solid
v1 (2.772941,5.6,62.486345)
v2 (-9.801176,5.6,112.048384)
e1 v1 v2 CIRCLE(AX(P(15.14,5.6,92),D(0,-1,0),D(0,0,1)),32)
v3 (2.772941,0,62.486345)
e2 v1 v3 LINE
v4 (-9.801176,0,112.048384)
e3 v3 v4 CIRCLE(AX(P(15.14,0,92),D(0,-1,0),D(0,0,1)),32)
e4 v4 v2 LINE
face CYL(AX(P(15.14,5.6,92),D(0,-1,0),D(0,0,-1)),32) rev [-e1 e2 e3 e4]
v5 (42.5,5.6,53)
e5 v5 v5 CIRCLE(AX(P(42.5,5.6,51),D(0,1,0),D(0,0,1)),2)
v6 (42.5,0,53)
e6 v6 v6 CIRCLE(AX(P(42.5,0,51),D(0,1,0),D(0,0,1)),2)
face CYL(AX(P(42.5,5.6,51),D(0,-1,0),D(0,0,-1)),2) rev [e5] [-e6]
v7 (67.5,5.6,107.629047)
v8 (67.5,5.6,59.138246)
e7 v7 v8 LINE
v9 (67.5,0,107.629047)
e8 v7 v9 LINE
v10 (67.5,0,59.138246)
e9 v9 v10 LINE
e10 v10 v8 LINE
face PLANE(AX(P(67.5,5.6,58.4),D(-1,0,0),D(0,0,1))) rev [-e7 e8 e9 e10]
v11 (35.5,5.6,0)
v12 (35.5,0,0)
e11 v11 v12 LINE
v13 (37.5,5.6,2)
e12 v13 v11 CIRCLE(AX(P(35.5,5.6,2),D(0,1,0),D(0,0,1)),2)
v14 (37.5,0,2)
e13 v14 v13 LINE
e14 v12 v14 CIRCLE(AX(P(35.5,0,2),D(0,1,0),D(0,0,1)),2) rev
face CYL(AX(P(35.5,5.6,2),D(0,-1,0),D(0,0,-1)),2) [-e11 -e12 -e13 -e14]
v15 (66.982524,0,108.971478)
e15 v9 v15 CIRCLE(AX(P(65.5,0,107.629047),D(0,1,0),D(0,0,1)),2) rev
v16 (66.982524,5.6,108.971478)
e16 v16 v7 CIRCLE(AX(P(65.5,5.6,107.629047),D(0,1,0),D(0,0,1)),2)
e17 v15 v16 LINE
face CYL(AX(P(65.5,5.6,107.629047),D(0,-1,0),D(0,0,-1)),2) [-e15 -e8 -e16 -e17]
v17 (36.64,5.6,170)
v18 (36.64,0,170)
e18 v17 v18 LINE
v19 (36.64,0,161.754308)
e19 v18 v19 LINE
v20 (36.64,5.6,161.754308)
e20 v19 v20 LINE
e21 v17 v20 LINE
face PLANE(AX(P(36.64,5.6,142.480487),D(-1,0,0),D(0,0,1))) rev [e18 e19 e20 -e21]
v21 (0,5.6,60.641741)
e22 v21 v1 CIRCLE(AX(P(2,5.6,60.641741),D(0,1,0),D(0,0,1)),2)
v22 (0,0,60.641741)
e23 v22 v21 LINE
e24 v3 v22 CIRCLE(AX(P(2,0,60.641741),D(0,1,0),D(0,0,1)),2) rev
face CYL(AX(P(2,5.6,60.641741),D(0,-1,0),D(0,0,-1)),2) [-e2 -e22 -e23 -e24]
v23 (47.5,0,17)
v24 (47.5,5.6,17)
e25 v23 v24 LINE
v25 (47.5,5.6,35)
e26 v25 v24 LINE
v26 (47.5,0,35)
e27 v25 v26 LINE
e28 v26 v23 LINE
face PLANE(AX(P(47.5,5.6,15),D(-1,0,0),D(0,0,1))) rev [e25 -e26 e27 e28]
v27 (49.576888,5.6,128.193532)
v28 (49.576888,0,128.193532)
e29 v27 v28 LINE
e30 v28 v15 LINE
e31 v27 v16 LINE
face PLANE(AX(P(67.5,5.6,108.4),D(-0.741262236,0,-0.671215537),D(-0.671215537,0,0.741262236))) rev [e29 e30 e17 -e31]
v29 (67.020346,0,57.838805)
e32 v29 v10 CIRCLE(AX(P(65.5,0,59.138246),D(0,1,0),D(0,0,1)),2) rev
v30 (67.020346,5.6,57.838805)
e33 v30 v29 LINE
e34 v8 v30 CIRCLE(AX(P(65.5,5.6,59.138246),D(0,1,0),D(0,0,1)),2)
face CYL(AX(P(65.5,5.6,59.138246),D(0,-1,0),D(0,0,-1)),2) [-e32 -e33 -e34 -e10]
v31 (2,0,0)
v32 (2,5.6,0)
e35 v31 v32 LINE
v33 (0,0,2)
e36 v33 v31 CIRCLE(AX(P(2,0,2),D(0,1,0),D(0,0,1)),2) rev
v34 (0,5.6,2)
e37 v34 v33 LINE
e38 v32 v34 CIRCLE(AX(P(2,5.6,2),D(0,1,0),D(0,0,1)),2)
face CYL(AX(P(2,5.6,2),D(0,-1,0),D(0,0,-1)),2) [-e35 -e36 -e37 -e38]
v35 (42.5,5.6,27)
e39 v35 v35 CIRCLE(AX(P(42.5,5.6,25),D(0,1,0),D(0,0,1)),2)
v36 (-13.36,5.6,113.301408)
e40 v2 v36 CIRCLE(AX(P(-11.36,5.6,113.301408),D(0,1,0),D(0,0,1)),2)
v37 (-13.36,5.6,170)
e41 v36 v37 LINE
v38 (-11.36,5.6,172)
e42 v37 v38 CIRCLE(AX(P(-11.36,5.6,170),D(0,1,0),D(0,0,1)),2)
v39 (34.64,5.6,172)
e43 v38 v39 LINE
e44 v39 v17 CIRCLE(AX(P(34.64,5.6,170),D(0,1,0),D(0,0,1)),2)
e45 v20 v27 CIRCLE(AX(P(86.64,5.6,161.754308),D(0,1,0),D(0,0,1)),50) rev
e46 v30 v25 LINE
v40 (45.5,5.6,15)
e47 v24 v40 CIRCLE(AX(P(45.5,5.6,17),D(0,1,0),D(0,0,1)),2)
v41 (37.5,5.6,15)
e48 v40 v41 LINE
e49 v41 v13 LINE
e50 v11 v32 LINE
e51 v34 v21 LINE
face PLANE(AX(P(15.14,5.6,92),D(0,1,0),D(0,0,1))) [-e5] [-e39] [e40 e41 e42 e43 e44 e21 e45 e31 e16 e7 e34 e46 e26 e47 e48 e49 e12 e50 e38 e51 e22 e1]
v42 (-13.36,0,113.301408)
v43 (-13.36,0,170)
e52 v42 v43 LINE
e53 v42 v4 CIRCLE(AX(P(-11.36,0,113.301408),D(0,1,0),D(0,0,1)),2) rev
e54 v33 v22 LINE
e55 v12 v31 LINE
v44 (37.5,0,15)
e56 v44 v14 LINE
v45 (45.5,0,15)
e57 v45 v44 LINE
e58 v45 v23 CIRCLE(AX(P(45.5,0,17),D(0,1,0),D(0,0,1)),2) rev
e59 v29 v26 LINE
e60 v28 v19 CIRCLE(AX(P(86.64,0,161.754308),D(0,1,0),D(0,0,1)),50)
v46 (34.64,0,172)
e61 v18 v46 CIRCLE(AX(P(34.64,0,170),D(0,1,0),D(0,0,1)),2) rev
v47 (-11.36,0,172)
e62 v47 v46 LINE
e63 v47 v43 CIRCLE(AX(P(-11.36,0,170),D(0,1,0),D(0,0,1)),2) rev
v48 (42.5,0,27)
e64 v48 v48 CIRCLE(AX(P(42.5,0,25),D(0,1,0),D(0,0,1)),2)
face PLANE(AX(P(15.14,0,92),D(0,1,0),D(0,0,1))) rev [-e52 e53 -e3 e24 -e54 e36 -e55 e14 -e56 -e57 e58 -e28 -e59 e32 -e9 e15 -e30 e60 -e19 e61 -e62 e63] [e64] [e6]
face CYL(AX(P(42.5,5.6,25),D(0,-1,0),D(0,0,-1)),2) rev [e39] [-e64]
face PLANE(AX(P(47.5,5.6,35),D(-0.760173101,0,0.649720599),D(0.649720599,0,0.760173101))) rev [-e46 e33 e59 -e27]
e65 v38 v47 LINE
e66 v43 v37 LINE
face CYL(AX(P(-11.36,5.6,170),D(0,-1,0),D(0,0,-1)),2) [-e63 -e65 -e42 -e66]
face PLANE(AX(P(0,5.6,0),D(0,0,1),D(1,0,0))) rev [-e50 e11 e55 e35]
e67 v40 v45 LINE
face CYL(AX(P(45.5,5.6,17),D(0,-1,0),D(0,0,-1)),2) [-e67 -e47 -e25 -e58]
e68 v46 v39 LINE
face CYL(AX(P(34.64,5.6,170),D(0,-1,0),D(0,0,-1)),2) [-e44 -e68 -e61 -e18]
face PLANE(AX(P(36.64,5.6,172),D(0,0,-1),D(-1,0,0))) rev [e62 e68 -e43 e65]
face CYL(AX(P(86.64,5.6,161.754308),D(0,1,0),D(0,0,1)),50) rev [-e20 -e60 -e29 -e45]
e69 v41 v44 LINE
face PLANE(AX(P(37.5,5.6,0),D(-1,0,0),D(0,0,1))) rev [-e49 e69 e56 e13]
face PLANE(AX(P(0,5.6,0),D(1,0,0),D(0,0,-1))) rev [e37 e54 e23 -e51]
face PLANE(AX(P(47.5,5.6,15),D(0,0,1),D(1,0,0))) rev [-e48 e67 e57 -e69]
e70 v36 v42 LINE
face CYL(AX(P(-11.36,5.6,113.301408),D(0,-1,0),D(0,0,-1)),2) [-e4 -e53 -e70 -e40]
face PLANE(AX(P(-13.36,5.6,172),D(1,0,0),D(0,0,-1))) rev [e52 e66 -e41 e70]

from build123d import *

# Parameters (mm, degrees)
SKETCH_1_R      = 2
EXTRUDE_1_DEPTH = 5.6
FILLET_1_R      = 2
FILLET_2_R      = 2
FILLET_3_R      = 50


with BuildPart() as part:
    # ｽｹｯﾁ1 → ﾎﾞｽ - 押し出し1 (new body)
    with BuildSketch(Plane(origin=(0, 0, 0), x_dir=(1, 0, 0), z_dir=(0, 1, 0))):
        with BuildLine():
            Line((47.5, -35), (67.5, -58.4))
            Line((67.5, -58.4), (67.5, -108.4))
            Line((67.5, -108.4), (36.64, -142.480487319))
            Line((36.64, -142.480487319), (36.64, -172))
            Line((36.64, -172), (-13.36, -172))
            Line((-13.36, -172), (-13.36, -106.551632211))
            ThreePointArc((-13.36, -106.551632211), (45.682817739, -101.546532593), (0, -63.808150114))
            Line((0, -63.808150114), (0, 0))
            Line((0, 0), (37.5, 0))
            Line((37.5, 0), (37.5, -15))
            Line((37.5, -15), (47.5, -15))
            Line((47.5, -15), (47.5, -35))
        make_face()
        with Locations(Location((42.5, -25, 0), (0, 0, 270))):
            Circle(SKETCH_1_R, mode=Mode.SUBTRACT)
        with Locations(Location((42.5, -51, 0), (0, 0, 270))):
            Circle(SKETCH_1_R, mode=Mode.SUBTRACT)
    extrude(amount=EXTRUDE_1_DEPTH)

    # ﾌｨﾚｯﾄ1
    fillet_1_edges = [part.edges().sort_by_distance(p)[0] for p in [
        (-13.36, 2.8, 106.551632211),
        (0, 2.8, 63.808150114),
    ]]
    fillet(fillet_1_edges, radius=FILLET_1_R)

    # ﾌｨﾚｯﾄ2
    fillet_2_edges = [part.edges().sort_by_distance(p)[0] for p in [
        (0, 2.8, 0),
        (37.5, 2.8, 0),
        (47.5, 2.8, 15),
        (67.5, 2.8, 58.4),
        (67.5, 2.8, 108.4),
        (36.64, 2.8, 172),
        (-13.36, 2.8, 172),
    ]]
    fillet(fillet_2_edges, radius=FILLET_2_R)

    # ﾌｨﾚｯﾄ3
    fillet_3_edges = [part.edges().sort_by_distance(p)[0] for p in [
        (36.64, 2.8, 142.480487319),
    ]]
    fillet(fillet_3_edges, radius=FILLET_3_R)


solid = part.part
